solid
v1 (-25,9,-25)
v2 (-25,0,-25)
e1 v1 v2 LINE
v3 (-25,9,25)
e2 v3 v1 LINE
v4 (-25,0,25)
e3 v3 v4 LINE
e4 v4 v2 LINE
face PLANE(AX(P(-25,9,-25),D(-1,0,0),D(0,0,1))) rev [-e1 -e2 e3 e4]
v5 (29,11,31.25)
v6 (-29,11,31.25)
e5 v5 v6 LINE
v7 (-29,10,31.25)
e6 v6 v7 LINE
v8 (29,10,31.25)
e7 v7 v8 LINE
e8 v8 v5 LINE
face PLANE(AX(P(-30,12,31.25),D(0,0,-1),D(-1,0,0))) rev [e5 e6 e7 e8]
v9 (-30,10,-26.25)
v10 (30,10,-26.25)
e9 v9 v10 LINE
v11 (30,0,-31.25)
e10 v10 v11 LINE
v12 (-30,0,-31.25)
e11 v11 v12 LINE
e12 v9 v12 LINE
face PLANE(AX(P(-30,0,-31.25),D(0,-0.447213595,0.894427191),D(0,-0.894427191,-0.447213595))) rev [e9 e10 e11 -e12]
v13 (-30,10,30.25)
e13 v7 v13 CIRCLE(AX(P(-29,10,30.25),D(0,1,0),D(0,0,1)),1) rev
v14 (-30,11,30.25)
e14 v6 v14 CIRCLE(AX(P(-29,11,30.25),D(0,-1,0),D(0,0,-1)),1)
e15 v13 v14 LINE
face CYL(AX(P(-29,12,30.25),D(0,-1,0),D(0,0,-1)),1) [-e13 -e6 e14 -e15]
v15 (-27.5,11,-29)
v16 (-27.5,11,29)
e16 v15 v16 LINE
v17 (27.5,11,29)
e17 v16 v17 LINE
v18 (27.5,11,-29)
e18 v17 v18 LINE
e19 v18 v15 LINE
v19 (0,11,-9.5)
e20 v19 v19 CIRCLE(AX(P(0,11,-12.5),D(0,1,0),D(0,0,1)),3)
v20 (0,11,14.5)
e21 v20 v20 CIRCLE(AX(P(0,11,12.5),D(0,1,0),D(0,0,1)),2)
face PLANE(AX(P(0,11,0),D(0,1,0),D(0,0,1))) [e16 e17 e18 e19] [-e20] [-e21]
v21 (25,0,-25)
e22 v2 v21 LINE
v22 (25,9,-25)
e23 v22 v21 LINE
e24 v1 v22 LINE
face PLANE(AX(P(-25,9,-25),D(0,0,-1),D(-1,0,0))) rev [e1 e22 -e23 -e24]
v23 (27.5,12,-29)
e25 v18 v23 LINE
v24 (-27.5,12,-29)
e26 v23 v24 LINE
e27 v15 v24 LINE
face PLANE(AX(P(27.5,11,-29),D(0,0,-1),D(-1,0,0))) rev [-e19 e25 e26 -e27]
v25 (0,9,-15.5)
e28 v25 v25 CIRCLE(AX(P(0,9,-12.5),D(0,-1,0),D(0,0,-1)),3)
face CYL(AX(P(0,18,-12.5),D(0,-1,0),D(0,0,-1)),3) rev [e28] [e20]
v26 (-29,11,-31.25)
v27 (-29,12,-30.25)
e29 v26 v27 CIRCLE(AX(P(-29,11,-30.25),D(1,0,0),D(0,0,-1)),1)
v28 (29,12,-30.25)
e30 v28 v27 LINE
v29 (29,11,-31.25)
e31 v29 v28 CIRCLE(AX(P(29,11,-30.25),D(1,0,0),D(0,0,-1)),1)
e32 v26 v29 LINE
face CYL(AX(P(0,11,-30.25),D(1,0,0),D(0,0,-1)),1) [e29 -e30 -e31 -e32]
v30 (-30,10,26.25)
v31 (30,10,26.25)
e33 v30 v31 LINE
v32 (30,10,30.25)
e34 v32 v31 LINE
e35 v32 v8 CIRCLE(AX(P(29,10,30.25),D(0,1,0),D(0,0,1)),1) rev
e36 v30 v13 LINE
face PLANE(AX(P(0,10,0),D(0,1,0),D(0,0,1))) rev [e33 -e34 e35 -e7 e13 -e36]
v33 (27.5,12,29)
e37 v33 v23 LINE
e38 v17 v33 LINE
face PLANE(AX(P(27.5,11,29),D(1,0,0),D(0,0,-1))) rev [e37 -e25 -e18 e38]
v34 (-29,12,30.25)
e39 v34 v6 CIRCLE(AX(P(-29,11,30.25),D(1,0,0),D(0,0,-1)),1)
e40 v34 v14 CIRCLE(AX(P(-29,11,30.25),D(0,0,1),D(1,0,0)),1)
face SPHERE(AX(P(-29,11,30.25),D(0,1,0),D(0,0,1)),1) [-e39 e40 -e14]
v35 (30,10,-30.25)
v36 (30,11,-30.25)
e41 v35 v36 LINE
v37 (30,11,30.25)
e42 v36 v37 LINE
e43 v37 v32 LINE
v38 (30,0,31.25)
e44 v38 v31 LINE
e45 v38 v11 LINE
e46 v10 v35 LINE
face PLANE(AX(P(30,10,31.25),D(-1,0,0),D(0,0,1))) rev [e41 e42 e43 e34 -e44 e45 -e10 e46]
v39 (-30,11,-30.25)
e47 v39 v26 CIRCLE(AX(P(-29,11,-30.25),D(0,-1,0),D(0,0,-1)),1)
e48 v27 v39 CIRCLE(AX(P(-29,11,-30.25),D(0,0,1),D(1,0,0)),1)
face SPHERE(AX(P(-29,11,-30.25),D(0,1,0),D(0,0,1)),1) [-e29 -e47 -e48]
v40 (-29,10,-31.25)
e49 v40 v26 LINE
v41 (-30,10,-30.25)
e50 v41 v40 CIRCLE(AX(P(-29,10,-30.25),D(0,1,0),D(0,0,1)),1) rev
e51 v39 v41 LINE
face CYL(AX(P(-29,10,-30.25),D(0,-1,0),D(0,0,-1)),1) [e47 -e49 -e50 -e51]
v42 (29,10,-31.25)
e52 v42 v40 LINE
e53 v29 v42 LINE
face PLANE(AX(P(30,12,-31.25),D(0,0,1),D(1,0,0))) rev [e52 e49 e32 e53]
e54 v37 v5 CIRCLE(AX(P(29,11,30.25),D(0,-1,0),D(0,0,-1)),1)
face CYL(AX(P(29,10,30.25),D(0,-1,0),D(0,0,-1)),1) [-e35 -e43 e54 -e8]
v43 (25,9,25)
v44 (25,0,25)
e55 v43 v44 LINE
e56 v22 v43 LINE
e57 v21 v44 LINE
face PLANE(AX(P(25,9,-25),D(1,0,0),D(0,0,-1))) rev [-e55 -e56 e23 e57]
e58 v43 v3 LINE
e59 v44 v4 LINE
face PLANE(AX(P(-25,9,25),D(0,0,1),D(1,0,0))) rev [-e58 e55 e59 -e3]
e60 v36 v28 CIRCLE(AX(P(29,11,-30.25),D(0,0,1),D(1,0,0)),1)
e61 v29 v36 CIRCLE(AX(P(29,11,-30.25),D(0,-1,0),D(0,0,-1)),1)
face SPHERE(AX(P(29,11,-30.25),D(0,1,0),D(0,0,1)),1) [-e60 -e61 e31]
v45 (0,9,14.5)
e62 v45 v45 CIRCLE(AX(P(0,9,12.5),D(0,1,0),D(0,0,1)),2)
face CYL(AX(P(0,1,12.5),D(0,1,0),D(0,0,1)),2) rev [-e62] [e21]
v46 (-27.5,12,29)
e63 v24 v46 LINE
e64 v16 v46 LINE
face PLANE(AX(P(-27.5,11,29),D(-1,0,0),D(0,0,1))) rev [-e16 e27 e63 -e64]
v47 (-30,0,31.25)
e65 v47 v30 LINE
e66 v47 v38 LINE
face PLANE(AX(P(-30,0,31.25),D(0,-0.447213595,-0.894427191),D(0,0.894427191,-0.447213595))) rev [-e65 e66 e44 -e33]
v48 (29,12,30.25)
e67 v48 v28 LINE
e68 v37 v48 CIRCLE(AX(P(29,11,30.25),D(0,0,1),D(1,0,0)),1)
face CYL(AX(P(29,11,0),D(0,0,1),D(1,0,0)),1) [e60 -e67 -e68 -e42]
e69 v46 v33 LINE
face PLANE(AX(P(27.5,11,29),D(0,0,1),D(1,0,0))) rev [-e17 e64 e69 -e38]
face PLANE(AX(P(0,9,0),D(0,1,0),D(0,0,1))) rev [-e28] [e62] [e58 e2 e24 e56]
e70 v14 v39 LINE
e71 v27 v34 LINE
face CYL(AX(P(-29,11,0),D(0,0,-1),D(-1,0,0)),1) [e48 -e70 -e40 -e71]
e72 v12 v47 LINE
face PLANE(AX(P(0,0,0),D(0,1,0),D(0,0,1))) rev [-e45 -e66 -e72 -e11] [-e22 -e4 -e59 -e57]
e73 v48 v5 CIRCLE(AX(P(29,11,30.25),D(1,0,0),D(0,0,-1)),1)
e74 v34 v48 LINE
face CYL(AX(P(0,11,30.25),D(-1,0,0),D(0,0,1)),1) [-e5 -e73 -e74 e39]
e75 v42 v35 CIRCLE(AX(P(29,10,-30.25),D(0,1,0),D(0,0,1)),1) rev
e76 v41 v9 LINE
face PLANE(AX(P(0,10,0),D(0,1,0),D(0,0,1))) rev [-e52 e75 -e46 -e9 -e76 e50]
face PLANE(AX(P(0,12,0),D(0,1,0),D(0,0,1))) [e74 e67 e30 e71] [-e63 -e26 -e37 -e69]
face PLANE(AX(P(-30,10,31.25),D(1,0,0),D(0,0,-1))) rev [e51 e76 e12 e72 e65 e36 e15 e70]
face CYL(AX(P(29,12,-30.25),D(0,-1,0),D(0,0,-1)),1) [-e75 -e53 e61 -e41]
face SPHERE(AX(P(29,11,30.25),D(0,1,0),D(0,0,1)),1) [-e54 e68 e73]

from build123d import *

# Parameters (mm, degrees)
SKETCH1_W           = 60
SKETCH1_H           = 62.5
BOSS_EXTRUDE1_DEPTH = 10
CUT_EXTRUDE1_DEPTH  = 69.385396833
CUT_EXTRUDE2_DEPTH  = 69.385396833
SKETCH4_W           = 60
SKETCH4_H           = 62.5
BOSS_EXTRUDE2_DEPTH = 2
FILLET1_R           = 1
FILLET2_R           = 1
SKETCH5_W           = 55
SKETCH5_H           = 58
CUT_EXTRUDE3_DEPTH  = 1
SKETCH6_W           = 50
SKETCH6_H           = 50
CUT_EXTRUDE4_DEPTH  = 9
SKETCH7_R           = 3
CUT_EXTRUDE5_DEPTH  = 9
SKETCH8_R           = 2
CUT_EXTRUDE6_DEPTH  = 10


with BuildPart() as part:
    # Sketch1 → Boss-Extrude1 (new body)
    with BuildSketch(Plane(origin=(0, 0, 0), x_dir=(1, 0, 0), z_dir=(0, 1, 0))):
        Rectangle(SKETCH1_W, SKETCH1_H)
    extrude(amount=BOSS_EXTRUDE1_DEPTH)

    # Sketch2 → Cut-Extrude1 (cut, through all)
    with BuildSketch(Plane(origin=(30, 0, 0), x_dir=(0, 0, -1), z_dir=(1, 0, 0))):
        Polygon((31.25, 0), (26.25, 10), (31.25, 10), align=None)
    extrude(amount=-CUT_EXTRUDE1_DEPTH, mode=Mode.SUBTRACT)

    # Sketch3 → Cut-Extrude2 (cut, through all)
    with BuildSketch(Plane(origin=(30, 0, 0), x_dir=(0, 0, -1), z_dir=(1, 0, 0))):
        Polygon((-31.25, 0), (-26.25, 10), (-31.25, 10), align=None)
    extrude(amount=-CUT_EXTRUDE2_DEPTH, mode=Mode.SUBTRACT)

    # Sketch4 → Boss-Extrude2 (add)
    with BuildSketch(Plane(origin=(0, 10, 0), x_dir=(1, 0, 0), z_dir=(0, 1, 0))):
        Rectangle(SKETCH4_W, SKETCH4_H)
    extrude(amount=BOSS_EXTRUDE2_DEPTH)

    # Fillet1
    fillet1_edges = [part.edges().sort_by_distance(p)[0] for p in [
        (-30, 11, 31.25),
        (30, 11, 31.25),
        (30, 11, -31.25),
        (-30, 11, -31.25),
    ]]
    fillet(fillet1_edges, radius=FILLET1_R)

    # Fillet2
    fillet2_edges = [part.edges().sort_by_distance(p)[0] for p in [
        (0, 12, -31.25),
        (30, 12, 0),
        (0, 12, 31.25),
        (-30, 12, 0),
        (29.707106781, 12, 30.957106781),
        (-29.707106781, 12, 30.957106781),
        (-29.707106781, 12, -30.957106781),
        (29.707106781, 12, -30.957106781),
    ]]
    fillet(fillet2_edges, radius=FILLET2_R)

    # Sketch5 → Cut-Extrude3 (cut)
    with BuildSketch(Plane(origin=(0, 12, 0), x_dir=(1, 0, 0), z_dir=(0, 1, 0))):
        Rectangle(SKETCH5_W, SKETCH5_H)
    extrude(amount=-CUT_EXTRUDE3_DEPTH, mode=Mode.SUBTRACT)

    # Sketch6 → Cut-Extrude4 (cut)
    with BuildSketch(Plane.XZ):
        Rectangle(SKETCH6_W, SKETCH6_H)
    extrude(amount=-CUT_EXTRUDE4_DEPTH, mode=Mode.SUBTRACT)

    # Sketch7 → Cut-Extrude5 (cut)
    with BuildSketch(Plane.XZ.offset(-9)):
        with Locations(Location((0, -12.5, 0), (0, 0, 270))):
            Circle(SKETCH7_R)
    extrude(amount=-CUT_EXTRUDE5_DEPTH, mode=Mode.SUBTRACT)

    # Sketch8 → Cut-Extrude6 (cut)
    with BuildSketch(Plane(origin=(0, 11, 0), x_dir=(1, 0, 0), z_dir=(0, 1, 0))):
        with Locations(Location((0, -12.5, 0), (0, 0, 270))):
            Circle(SKETCH8_R)
    extrude(amount=-CUT_EXTRUDE6_DEPTH, mode=Mode.SUBTRACT)


solid = part.part
